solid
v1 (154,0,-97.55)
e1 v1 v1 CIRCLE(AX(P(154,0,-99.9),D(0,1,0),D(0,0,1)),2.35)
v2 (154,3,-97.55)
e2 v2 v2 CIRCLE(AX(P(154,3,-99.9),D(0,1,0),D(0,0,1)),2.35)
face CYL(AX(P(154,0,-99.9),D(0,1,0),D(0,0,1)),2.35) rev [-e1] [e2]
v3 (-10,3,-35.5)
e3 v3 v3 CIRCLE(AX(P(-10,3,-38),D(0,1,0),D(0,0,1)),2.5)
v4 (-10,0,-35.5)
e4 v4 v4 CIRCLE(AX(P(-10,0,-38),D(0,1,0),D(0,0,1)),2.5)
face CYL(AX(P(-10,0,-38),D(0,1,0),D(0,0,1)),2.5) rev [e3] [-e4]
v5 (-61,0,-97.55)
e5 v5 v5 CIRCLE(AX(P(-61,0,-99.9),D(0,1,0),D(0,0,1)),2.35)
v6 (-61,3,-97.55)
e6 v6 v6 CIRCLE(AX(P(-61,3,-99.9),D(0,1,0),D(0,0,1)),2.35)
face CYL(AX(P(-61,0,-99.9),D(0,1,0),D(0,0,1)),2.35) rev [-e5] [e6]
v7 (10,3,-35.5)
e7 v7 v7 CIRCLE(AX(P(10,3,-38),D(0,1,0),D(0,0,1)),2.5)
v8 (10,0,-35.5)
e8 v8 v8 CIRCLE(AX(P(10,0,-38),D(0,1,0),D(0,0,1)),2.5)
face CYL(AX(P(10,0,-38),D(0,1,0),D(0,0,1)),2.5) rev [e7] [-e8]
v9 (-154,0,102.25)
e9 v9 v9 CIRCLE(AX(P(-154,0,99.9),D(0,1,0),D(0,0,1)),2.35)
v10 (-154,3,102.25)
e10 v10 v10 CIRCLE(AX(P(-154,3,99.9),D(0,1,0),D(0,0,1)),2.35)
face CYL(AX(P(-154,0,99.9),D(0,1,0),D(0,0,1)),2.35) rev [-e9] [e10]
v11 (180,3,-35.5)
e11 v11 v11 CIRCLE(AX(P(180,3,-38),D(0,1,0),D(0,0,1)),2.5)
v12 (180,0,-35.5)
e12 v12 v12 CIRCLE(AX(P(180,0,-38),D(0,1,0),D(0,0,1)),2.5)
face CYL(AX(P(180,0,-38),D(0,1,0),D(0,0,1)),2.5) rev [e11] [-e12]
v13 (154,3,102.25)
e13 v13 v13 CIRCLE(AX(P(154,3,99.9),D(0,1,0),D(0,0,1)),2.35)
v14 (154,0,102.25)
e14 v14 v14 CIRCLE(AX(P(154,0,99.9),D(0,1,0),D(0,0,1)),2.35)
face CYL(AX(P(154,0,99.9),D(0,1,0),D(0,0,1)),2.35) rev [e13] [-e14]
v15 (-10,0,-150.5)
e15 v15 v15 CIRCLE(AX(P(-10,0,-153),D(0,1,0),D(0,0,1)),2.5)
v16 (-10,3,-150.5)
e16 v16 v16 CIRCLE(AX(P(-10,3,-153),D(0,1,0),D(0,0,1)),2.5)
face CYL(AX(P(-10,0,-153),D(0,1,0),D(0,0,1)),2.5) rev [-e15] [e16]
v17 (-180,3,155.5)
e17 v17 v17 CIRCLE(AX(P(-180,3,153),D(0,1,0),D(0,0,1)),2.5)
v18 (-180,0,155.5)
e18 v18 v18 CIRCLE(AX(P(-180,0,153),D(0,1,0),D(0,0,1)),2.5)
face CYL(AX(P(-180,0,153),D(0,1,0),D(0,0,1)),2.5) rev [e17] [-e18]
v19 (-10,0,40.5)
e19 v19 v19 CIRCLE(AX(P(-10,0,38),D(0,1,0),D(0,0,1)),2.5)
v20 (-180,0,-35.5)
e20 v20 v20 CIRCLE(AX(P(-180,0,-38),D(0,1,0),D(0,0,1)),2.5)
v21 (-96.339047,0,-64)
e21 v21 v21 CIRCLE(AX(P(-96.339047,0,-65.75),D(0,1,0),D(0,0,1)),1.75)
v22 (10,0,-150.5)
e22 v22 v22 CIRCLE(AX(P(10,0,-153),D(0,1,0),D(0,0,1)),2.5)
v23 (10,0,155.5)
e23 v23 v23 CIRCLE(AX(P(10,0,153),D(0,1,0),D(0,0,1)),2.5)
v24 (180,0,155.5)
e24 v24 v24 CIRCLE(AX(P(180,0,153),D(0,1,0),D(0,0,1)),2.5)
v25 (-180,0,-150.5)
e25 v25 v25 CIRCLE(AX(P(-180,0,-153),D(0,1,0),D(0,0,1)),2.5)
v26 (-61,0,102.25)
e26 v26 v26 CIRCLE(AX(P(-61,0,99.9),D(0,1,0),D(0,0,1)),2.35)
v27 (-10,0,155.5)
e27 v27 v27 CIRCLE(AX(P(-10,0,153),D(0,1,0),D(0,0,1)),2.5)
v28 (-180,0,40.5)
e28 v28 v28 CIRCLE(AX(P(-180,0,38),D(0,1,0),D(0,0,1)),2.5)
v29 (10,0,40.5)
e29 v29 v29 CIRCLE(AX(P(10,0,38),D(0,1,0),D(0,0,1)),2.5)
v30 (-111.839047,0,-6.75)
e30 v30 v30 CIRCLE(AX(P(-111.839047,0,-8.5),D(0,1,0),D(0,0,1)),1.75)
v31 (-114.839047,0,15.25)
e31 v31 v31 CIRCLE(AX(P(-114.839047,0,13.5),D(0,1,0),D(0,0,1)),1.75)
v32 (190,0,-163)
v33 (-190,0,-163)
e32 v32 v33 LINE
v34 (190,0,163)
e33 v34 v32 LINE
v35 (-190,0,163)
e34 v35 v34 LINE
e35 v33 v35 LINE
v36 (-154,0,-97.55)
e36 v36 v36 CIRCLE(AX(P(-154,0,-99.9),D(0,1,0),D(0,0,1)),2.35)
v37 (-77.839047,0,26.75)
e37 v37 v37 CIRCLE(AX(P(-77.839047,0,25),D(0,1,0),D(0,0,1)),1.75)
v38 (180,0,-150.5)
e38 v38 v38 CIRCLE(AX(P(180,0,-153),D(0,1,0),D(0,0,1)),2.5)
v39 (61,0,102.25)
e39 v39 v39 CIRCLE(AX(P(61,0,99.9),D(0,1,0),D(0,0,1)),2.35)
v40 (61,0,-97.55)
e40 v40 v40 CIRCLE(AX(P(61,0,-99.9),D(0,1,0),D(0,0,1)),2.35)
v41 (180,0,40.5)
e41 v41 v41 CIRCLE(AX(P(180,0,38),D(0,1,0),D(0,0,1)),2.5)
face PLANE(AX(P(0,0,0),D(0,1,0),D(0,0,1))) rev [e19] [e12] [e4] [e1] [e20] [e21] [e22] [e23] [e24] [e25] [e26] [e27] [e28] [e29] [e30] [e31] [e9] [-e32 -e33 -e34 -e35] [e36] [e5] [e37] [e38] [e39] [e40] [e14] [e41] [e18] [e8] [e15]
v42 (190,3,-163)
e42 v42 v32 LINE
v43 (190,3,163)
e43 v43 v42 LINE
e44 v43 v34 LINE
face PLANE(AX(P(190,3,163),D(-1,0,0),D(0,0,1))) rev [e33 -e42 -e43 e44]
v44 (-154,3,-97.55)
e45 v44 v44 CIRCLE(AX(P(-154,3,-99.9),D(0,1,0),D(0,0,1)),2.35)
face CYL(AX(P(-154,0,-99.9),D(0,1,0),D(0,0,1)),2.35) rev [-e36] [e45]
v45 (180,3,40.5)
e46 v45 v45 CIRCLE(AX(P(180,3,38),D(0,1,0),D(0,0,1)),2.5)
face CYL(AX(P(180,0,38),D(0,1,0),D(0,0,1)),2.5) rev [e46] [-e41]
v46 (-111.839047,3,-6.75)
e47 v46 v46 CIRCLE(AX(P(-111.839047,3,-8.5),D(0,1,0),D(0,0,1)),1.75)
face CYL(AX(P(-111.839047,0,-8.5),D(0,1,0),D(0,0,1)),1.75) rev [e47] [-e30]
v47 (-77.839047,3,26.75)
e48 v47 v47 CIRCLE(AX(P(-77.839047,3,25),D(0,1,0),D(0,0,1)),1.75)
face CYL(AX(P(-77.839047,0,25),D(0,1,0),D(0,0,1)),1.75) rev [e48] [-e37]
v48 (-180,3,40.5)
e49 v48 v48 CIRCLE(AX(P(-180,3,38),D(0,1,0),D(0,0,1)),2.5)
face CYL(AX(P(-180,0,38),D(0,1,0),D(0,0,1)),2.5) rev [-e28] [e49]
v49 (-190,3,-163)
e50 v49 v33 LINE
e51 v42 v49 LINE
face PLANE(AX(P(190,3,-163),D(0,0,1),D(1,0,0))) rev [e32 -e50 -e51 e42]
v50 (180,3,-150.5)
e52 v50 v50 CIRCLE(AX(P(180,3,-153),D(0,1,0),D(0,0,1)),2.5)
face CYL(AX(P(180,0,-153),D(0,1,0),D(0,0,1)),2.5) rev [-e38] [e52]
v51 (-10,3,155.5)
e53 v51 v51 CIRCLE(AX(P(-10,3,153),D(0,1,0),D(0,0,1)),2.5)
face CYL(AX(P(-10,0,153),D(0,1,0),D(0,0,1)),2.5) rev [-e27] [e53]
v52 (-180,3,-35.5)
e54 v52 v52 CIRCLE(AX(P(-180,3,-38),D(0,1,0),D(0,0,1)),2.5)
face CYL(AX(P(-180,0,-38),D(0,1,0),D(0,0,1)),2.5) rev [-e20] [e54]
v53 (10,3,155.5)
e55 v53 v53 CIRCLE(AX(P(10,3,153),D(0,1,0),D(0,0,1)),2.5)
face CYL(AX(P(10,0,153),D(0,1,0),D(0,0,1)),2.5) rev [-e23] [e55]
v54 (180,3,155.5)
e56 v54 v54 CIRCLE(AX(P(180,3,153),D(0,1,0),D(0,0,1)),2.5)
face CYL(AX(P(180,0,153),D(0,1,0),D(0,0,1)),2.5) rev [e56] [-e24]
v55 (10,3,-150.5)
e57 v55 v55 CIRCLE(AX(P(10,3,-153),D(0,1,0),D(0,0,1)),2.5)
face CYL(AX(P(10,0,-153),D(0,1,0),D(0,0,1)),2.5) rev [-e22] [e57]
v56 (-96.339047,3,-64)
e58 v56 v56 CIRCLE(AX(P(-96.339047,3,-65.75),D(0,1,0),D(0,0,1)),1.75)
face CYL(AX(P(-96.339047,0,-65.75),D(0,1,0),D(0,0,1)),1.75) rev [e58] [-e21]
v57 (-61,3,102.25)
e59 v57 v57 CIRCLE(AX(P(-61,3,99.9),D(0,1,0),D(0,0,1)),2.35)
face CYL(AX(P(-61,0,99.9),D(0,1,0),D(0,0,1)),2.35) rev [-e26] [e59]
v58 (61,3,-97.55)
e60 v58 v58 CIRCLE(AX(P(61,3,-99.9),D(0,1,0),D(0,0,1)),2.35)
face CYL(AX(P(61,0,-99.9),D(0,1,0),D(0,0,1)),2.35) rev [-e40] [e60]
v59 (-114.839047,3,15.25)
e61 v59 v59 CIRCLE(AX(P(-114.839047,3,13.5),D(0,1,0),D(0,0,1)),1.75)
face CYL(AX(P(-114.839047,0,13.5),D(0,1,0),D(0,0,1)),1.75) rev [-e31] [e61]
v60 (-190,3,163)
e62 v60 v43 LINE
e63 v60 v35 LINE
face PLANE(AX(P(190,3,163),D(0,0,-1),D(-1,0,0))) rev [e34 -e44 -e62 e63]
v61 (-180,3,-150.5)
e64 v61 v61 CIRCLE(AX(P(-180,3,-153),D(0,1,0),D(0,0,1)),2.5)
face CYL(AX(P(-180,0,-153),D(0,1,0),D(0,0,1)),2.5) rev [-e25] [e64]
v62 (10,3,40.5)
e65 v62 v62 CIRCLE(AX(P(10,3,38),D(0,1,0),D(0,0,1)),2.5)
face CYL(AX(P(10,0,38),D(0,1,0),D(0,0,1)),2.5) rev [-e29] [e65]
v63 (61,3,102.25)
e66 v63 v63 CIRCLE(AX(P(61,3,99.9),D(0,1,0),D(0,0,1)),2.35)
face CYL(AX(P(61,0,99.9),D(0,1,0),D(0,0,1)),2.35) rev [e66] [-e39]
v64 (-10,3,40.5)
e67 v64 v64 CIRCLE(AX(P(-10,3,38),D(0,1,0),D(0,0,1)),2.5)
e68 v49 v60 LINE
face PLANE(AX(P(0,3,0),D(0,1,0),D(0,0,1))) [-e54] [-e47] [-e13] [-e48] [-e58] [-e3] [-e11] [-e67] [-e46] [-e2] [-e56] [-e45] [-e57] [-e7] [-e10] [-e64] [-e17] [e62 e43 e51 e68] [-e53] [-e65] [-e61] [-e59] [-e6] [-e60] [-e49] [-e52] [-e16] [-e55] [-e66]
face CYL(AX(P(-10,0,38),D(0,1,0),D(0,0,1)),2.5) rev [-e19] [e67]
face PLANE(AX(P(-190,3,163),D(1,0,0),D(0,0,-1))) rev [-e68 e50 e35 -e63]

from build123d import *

# Parameters (mm, degrees)
SKIZZE1_W                       = 380
SKIZZE1_H                       = 326
AUFSATZ_LINEAR_AUSTRAGEN1_DEPTH = 3
SKIZZE2_R                       = 2.5
SCHNITT_LINEAR_AUSTRAGEN1_DEPTH = 251.355746888
SKIZZE3_R                       = 2.35
SCHNITT_LINEAR_AUSTRAGEN2_DEPTH = 251.355746888
SKIZZE4_R                       = 1.75
SCHNITT_LINEAR_AUSTRAGEN3_DEPTH = 251.355746888


with BuildPart() as part:
    # Skizze1 → Aufsatz-Linear austragen1 (new body)
    with BuildSketch(Plane(origin=(0, 0, 0), x_dir=(1, 0, 0), z_dir=(0, 1, 0))):
        Rectangle(SKIZZE1_W, SKIZZE1_H)
    extrude(amount=AUFSATZ_LINEAR_AUSTRAGEN1_DEPTH)

    # Skizze2 → Schnitt-Linear austragen1 (cut, through all)
    with BuildSketch(Plane(origin=(0, 3, 0), x_dir=(1, 0, 0), z_dir=(0, 1, 0))):
        with Locations(Location((-180, 153, 0), (0, 0, 270))):
            Circle(SKIZZE2_R)
        with Locations(Location((180, 153, 0), (0, 0, 270))):
            Circle(SKIZZE2_R)
        with Locations(Location((-180, -153, 0), (0, 0, 270))):
            Circle(SKIZZE2_R)
        with Locations(Location((180, -153, 0), (0, 0, 270))):
            Circle(SKIZZE2_R)
        with Locations(Location((-10, 153, 0), (0, 0, 270))):
            Circle(SKIZZE2_R)
        with Locations(Location((10, 153, 0), (0, 0, 270))):
            Circle(SKIZZE2_R)
        with Locations(Location((-10, 38, 0), (0, 0, 270))):
            Circle(SKIZZE2_R)
        with Locations(Location((10, 38, 0), (0, 0, 270))):
            Circle(SKIZZE2_R)
        with Locations(Location((-10, -38, 0), (0, 0, 270))):
            Circle(SKIZZE2_R)
        with Locations(Location((10, -38, 0), (0, 0, 270))):
            Circle(SKIZZE2_R)
        with Locations(Location((-10, -153, 0), (0, 0, 270))):
            Circle(SKIZZE2_R)
        with Locations(Location((10, -153, 0), (0, 0, 270))):
            Circle(SKIZZE2_R)
        with Locations(Location((-180, 38, 0), (0, 0, 270))):
            Circle(SKIZZE2_R)
        with Locations(Location((-180, -38, 0), (0, 0, 270))):
            Circle(SKIZZE2_R)
        with Locations(Location((180, 38, 0), (0, 0, 270))):
            Circle(SKIZZE2_R)
        with Locations(Location((180, -38, 0), (0, 0, 270))):
            Circle(SKIZZE2_R)
    extrude(amount=-SCHNITT_LINEAR_AUSTRAGEN1_DEPTH, mode=Mode.SUBTRACT)

    # Skizze3 → Schnitt-Linear austragen2 (cut, through all)
    with BuildSketch(Plane(origin=(0, 3, 0), x_dir=(1, 0, 0), z_dir=(0, 1, 0))):
        with Locations(Location((61, 99.9, 0), (0, 0, 270))):
            Circle(SKIZZE3_R)
        with Locations(Location((154, 99.9, 0), (0, 0, 270))):
            Circle(SKIZZE3_R)
        with Locations(Location((-154, -99.9, 0), (0, 0, 270))):
            Circle(SKIZZE3_R)
        with Locations(Location((-61, -99.9, 0), (0, 0, 270))):
            Circle(SKIZZE3_R)
        with Locations(Location((154, -99.9, 0), (0, 0, 270))):
            Circle(SKIZZE3_R)
        with Locations(Location((61, -99.9, 0), (0, 0, 270))):
            Circle(SKIZZE3_R)
        with Locations(Location((-154, 99.9, 0), (0, 0, 270))):
            Circle(SKIZZE3_R)
        with Locations(Location((-61, 99.9, 0), (0, 0, 270))):
            Circle(SKIZZE3_R)
    extrude(amount=-SCHNITT_LINEAR_AUSTRAGEN2_DEPTH, mode=Mode.SUBTRACT)

    # Skizze4 → Schnitt-Linear austragen3 (cut, through all)
    with BuildSketch(Plane(origin=(0, 3, 0), x_dir=(1, 0, 0), z_dir=(0, 1, 0))):
        with Locations(Location((-114.839047255, -13.5, 0), (0, 0, 270))):
            Circle(SKIZZE4_R)
        with Locations(Location((-77.839047255, -25, 0), (0, 0, 270))):
            Circle(SKIZZE4_R)
        with Locations(Location((-111.839047255, 8.5, 0), (0, 0, 270))):
            Circle(SKIZZE4_R)
        with Locations(Location((-96.339047255, 65.75, 0), (0, 0, 270))):
            Circle(SKIZZE4_R)
    extrude(amount=-SCHNITT_LINEAR_AUSTRAGEN3_DEPTH, mode=Mode.SUBTRACT)


solid = part.part
